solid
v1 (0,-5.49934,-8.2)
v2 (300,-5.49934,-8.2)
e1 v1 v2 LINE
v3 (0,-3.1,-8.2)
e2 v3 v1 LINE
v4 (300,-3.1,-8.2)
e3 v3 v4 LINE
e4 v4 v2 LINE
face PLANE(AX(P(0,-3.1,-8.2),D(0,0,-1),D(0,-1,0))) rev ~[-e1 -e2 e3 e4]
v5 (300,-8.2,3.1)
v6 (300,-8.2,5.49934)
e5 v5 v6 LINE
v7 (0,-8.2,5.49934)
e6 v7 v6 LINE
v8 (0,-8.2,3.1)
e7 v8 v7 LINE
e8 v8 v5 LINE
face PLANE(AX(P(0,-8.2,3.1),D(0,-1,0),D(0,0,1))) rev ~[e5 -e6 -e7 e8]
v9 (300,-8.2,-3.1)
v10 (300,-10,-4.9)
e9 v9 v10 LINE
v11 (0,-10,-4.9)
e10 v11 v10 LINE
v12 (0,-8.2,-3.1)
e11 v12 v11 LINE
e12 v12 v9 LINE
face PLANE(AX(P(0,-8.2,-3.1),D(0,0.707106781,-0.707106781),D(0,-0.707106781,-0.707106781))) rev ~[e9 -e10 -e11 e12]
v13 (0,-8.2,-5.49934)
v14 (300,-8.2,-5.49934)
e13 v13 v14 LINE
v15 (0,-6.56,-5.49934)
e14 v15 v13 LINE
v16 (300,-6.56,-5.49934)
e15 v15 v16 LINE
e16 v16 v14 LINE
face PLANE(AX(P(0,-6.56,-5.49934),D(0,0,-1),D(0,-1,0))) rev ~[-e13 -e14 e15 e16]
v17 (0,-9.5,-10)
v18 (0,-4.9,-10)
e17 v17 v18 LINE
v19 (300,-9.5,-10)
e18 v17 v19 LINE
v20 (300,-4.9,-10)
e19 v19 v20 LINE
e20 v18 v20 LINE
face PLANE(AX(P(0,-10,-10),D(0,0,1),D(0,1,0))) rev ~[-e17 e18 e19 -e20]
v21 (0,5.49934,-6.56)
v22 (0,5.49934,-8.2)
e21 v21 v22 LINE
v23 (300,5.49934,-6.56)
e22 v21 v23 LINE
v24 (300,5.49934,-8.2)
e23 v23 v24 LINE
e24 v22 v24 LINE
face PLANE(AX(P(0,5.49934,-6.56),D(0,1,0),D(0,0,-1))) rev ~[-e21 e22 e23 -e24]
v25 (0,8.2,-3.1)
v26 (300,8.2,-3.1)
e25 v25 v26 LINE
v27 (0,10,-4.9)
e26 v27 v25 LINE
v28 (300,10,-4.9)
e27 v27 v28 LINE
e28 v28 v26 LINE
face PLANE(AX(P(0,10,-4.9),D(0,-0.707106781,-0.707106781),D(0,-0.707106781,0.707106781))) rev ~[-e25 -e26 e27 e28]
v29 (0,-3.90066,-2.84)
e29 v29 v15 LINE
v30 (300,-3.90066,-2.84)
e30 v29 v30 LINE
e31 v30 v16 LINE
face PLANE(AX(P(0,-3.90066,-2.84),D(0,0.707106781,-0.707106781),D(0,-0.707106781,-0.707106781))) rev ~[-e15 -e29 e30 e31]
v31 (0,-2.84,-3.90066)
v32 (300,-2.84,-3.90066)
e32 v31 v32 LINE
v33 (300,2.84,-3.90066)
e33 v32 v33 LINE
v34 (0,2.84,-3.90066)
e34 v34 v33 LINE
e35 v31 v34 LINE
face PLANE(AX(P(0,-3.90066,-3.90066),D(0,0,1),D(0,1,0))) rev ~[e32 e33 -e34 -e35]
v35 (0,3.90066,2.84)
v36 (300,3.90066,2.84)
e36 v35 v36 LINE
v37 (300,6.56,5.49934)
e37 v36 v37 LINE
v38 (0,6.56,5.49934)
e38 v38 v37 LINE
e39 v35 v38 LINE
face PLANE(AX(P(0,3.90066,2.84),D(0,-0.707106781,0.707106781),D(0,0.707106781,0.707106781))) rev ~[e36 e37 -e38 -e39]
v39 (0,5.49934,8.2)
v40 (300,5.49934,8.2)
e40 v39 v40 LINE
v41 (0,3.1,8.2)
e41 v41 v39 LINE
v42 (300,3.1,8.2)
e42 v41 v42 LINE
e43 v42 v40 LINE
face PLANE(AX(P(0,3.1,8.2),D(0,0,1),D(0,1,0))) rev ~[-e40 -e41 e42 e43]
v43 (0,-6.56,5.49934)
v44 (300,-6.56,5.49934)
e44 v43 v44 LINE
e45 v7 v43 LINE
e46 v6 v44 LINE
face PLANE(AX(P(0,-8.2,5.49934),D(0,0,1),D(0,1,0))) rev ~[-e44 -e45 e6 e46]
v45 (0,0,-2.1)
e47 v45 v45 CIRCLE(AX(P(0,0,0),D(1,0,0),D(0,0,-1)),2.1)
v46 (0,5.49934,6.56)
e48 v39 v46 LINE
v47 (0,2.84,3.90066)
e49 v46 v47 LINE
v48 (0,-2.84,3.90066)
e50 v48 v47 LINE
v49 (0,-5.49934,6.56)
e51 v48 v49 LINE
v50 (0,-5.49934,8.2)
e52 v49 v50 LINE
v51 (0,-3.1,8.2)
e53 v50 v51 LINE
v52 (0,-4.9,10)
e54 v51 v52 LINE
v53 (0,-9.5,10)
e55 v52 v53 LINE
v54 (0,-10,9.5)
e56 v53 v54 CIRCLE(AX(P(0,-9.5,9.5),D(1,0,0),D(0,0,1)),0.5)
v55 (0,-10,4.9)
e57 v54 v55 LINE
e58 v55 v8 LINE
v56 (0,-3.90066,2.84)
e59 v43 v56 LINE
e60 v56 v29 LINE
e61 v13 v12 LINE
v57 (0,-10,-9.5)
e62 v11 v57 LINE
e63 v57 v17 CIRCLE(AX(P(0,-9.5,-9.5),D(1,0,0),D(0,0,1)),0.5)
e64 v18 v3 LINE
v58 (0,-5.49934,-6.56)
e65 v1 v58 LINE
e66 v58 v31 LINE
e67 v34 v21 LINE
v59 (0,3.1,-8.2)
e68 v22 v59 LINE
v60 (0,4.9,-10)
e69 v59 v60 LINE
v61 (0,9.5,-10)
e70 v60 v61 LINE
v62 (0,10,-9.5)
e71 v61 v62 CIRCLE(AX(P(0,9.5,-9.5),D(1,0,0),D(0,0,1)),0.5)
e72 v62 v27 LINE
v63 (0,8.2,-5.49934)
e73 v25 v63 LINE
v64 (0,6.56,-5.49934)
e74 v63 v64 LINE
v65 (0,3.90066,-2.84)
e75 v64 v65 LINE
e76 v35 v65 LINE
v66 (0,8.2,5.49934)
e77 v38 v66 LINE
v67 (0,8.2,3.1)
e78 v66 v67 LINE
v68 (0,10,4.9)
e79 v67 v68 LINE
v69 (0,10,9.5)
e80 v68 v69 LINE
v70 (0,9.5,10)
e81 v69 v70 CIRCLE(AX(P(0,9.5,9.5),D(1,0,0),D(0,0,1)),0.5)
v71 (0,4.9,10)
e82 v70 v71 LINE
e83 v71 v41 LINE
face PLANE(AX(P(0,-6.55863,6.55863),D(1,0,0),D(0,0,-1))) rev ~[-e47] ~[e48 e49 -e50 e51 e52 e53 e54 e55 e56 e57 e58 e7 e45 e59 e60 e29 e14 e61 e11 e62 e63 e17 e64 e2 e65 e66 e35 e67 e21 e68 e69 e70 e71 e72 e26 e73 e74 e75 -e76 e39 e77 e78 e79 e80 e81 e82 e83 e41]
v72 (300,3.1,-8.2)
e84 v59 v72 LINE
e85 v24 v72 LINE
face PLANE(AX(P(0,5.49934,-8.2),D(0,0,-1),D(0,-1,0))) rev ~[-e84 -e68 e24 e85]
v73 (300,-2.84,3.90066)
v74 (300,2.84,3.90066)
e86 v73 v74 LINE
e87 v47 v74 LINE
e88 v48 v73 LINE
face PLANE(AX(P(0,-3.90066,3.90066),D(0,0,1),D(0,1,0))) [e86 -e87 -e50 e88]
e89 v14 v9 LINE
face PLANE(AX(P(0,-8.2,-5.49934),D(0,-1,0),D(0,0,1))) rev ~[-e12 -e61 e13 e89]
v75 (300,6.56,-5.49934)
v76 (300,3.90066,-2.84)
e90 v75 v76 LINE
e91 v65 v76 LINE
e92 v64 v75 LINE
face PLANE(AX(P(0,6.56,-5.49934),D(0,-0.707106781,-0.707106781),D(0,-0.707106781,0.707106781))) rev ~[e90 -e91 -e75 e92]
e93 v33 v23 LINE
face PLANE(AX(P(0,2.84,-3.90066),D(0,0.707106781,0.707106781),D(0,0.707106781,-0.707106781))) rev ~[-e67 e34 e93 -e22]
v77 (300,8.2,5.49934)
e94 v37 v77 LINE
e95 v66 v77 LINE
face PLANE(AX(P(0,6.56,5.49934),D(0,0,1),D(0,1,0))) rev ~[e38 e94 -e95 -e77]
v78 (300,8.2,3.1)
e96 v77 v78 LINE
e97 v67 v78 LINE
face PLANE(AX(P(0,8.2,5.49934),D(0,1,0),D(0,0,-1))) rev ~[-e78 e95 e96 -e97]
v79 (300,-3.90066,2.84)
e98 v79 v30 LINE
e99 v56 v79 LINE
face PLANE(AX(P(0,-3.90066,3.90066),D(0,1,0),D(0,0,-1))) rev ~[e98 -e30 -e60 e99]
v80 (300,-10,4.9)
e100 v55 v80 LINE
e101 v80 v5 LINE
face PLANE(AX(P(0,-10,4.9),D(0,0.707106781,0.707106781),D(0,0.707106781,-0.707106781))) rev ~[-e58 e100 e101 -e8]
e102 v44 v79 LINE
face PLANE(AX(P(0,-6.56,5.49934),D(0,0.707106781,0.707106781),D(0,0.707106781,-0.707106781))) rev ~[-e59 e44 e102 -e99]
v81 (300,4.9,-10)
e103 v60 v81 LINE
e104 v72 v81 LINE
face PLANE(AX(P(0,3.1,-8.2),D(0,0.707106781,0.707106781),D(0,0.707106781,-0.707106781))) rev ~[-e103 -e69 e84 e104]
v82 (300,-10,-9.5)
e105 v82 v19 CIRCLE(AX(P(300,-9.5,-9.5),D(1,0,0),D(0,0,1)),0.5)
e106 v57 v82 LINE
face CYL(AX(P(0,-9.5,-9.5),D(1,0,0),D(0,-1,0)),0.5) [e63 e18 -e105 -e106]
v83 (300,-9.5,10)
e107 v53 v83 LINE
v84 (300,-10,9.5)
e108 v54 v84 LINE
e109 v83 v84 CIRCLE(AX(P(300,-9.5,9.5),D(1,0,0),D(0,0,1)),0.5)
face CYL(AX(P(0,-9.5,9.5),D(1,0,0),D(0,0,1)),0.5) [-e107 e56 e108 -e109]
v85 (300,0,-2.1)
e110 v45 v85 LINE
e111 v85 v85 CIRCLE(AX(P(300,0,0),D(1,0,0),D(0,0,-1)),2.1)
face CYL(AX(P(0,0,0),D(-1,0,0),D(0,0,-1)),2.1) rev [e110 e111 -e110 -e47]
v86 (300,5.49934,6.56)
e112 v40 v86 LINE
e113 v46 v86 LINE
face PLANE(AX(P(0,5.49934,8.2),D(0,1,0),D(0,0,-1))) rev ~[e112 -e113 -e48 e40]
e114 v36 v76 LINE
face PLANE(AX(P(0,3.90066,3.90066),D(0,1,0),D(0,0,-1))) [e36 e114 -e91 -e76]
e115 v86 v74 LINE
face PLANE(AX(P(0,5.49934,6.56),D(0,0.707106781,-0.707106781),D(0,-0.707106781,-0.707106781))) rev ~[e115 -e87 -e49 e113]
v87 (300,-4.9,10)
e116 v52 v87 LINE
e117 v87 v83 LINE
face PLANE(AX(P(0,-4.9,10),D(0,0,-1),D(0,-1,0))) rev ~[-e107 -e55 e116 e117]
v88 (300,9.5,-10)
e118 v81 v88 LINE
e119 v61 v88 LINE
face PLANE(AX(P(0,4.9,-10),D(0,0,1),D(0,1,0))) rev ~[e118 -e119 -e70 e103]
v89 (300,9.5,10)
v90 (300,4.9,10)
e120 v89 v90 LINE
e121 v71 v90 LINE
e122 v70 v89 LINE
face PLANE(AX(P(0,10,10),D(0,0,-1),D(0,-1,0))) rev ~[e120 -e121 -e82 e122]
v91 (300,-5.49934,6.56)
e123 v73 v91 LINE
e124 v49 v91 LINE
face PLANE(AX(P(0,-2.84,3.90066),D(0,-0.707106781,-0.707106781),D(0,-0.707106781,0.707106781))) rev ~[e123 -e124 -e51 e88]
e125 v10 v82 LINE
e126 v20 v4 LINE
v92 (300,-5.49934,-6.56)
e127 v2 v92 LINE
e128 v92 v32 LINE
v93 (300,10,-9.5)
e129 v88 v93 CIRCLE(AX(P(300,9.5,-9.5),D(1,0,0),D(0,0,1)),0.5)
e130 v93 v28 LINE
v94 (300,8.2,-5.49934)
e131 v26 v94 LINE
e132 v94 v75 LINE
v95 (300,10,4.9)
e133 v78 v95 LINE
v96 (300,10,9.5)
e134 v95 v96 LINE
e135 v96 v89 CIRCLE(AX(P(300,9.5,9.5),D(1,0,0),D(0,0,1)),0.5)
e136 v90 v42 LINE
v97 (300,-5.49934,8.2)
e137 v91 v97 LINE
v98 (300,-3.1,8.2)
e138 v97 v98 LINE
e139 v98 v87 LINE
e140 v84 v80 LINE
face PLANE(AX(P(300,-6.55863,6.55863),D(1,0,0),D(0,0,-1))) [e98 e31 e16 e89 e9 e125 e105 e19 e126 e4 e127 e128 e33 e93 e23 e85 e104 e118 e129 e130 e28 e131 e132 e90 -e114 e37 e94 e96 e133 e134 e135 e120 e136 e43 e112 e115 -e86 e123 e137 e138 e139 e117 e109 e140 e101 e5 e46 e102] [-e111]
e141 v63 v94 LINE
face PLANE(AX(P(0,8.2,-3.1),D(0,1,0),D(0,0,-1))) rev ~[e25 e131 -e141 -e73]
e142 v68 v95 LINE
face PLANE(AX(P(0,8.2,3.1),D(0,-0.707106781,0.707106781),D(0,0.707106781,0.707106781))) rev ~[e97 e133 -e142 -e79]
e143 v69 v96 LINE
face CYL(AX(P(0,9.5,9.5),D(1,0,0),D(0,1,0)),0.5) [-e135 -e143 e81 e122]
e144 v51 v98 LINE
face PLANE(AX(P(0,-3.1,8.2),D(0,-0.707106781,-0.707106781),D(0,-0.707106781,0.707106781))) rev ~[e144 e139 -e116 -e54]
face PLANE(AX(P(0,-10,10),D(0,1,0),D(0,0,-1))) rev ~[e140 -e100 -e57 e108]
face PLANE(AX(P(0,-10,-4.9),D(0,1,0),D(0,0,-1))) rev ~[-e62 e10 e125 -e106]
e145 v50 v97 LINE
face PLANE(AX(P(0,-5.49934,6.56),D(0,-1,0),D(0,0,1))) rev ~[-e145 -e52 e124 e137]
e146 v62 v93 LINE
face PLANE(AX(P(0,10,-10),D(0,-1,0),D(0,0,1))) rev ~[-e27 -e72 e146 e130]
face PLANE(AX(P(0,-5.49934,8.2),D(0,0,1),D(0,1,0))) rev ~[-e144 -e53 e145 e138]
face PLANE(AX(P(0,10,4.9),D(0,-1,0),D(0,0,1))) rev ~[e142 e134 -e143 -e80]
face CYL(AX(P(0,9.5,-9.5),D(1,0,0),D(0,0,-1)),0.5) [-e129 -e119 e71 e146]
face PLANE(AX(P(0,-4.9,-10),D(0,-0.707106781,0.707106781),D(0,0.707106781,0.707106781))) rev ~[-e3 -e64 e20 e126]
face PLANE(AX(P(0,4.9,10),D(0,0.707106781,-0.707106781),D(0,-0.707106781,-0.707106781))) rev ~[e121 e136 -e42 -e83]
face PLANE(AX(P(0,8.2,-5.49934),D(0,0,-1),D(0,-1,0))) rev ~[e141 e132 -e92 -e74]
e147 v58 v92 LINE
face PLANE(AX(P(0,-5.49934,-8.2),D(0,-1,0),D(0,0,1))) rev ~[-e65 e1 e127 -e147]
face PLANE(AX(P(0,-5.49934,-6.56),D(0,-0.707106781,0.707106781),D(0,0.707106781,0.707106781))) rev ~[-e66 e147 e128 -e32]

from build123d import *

# Parameters (mm, degrees)
CROQUIS1_W              = 7.801320344
CROQUIS1_H              = 7.801320344
CROQUIS1_R              = 2.1
SALIENTE_EXTRUIR1_DEPTH = 300
REDONDEO1_R             = 0.5


with BuildPart() as part:
    # Croquis1 → Saliente-Extruir1 (new body)
    # profile 1 of 5: a face of its own
    with BuildSketch(Plane(origin=(0, 0, 0), x_dir=(0, 0, -1), z_dir=(1, 0, 0))):
        Polygon((-6.56, 5.499339828), (-3.900660172, 2.84), (-3.900660172, 3.900660172), (-2.84, 3.900660172), (-5.499339828, 6.56), (-5.499339828, 8.2), (-3.1, 8.2), (-4.9, 10), (-10, 10), (-10, 4.9), (-8.2, 3.1), (-8.2, 5.499339828), align=None)
    # profile 2 of 5: a face of its own
    with BuildSketch(Plane(origin=(0, 0, 0), x_dir=(0, 0, -1), z_dir=(1, 0, 0))):
        Rectangle(CROQUIS1_W, CROQUIS1_H)
        Circle(CROQUIS1_R, mode=Mode.SUBTRACT)
    # profile 3 of 5: a face of its own
    with BuildSketch(Plane(origin=(0, 0, 0), x_dir=(0, 0, -1), z_dir=(1, 0, 0))):
        Polygon((5.499339828, 6.56), (2.84, 3.900660172), (3.900660172, 3.900660172), (3.900660172, 2.84), (6.56, 5.499339828), (8.2, 5.499339828), (8.2, 3.1), (10, 4.9), (10, 10), (4.9, 10), (3.1, 8.2), (5.499339828, 8.2), align=None)
    # profile 4 of 5: a face of its own
    with BuildSketch(Plane(origin=(0, 0, 0), x_dir=(0, 0, -1), z_dir=(1, 0, 0))):
        Polygon((3.900660172, -3.900660172), (2.84, -3.900660172), (5.499339828, -6.56), (5.499339828, -8.2), (3.1, -8.2), (4.9, -10), (10, -10), (10, -4.9), (8.2, -3.1), (8.2, -5.499339828), (6.56, -5.499339828), (3.900660172, -2.84), align=None)
    # profile 5 of 5: a face of its own
    with BuildSketch(Plane(origin=(0, 0, 0), x_dir=(0, 0, -1), z_dir=(1, 0, 0))):
        Polygon((-3.900660172, -3.900660172), (-3.900660172, -2.84), (-6.56, -5.499339828), (-8.2, -5.499339828), (-8.2, -3.1), (-10, -4.9), (-10, -10), (-4.9, -10), (-3.1, -8.2), (-5.499339828, -8.2), (-5.499339828, -6.56), (-2.84, -3.900660172), align=None)
    extrude(amount=SALIENTE_EXTRUIR1_DEPTH)

    # Redondeo1
    redondeo1_edges = [part.edges().sort_by_distance(p)[0] for p in [
        (150, -10, -10),
        (150, -10, 10),
        (150, 10, 10),
        (150, 10, -10),
    ]]
    fillet(redondeo1_edges, radius=REDONDEO1_R)


solid = part.part
